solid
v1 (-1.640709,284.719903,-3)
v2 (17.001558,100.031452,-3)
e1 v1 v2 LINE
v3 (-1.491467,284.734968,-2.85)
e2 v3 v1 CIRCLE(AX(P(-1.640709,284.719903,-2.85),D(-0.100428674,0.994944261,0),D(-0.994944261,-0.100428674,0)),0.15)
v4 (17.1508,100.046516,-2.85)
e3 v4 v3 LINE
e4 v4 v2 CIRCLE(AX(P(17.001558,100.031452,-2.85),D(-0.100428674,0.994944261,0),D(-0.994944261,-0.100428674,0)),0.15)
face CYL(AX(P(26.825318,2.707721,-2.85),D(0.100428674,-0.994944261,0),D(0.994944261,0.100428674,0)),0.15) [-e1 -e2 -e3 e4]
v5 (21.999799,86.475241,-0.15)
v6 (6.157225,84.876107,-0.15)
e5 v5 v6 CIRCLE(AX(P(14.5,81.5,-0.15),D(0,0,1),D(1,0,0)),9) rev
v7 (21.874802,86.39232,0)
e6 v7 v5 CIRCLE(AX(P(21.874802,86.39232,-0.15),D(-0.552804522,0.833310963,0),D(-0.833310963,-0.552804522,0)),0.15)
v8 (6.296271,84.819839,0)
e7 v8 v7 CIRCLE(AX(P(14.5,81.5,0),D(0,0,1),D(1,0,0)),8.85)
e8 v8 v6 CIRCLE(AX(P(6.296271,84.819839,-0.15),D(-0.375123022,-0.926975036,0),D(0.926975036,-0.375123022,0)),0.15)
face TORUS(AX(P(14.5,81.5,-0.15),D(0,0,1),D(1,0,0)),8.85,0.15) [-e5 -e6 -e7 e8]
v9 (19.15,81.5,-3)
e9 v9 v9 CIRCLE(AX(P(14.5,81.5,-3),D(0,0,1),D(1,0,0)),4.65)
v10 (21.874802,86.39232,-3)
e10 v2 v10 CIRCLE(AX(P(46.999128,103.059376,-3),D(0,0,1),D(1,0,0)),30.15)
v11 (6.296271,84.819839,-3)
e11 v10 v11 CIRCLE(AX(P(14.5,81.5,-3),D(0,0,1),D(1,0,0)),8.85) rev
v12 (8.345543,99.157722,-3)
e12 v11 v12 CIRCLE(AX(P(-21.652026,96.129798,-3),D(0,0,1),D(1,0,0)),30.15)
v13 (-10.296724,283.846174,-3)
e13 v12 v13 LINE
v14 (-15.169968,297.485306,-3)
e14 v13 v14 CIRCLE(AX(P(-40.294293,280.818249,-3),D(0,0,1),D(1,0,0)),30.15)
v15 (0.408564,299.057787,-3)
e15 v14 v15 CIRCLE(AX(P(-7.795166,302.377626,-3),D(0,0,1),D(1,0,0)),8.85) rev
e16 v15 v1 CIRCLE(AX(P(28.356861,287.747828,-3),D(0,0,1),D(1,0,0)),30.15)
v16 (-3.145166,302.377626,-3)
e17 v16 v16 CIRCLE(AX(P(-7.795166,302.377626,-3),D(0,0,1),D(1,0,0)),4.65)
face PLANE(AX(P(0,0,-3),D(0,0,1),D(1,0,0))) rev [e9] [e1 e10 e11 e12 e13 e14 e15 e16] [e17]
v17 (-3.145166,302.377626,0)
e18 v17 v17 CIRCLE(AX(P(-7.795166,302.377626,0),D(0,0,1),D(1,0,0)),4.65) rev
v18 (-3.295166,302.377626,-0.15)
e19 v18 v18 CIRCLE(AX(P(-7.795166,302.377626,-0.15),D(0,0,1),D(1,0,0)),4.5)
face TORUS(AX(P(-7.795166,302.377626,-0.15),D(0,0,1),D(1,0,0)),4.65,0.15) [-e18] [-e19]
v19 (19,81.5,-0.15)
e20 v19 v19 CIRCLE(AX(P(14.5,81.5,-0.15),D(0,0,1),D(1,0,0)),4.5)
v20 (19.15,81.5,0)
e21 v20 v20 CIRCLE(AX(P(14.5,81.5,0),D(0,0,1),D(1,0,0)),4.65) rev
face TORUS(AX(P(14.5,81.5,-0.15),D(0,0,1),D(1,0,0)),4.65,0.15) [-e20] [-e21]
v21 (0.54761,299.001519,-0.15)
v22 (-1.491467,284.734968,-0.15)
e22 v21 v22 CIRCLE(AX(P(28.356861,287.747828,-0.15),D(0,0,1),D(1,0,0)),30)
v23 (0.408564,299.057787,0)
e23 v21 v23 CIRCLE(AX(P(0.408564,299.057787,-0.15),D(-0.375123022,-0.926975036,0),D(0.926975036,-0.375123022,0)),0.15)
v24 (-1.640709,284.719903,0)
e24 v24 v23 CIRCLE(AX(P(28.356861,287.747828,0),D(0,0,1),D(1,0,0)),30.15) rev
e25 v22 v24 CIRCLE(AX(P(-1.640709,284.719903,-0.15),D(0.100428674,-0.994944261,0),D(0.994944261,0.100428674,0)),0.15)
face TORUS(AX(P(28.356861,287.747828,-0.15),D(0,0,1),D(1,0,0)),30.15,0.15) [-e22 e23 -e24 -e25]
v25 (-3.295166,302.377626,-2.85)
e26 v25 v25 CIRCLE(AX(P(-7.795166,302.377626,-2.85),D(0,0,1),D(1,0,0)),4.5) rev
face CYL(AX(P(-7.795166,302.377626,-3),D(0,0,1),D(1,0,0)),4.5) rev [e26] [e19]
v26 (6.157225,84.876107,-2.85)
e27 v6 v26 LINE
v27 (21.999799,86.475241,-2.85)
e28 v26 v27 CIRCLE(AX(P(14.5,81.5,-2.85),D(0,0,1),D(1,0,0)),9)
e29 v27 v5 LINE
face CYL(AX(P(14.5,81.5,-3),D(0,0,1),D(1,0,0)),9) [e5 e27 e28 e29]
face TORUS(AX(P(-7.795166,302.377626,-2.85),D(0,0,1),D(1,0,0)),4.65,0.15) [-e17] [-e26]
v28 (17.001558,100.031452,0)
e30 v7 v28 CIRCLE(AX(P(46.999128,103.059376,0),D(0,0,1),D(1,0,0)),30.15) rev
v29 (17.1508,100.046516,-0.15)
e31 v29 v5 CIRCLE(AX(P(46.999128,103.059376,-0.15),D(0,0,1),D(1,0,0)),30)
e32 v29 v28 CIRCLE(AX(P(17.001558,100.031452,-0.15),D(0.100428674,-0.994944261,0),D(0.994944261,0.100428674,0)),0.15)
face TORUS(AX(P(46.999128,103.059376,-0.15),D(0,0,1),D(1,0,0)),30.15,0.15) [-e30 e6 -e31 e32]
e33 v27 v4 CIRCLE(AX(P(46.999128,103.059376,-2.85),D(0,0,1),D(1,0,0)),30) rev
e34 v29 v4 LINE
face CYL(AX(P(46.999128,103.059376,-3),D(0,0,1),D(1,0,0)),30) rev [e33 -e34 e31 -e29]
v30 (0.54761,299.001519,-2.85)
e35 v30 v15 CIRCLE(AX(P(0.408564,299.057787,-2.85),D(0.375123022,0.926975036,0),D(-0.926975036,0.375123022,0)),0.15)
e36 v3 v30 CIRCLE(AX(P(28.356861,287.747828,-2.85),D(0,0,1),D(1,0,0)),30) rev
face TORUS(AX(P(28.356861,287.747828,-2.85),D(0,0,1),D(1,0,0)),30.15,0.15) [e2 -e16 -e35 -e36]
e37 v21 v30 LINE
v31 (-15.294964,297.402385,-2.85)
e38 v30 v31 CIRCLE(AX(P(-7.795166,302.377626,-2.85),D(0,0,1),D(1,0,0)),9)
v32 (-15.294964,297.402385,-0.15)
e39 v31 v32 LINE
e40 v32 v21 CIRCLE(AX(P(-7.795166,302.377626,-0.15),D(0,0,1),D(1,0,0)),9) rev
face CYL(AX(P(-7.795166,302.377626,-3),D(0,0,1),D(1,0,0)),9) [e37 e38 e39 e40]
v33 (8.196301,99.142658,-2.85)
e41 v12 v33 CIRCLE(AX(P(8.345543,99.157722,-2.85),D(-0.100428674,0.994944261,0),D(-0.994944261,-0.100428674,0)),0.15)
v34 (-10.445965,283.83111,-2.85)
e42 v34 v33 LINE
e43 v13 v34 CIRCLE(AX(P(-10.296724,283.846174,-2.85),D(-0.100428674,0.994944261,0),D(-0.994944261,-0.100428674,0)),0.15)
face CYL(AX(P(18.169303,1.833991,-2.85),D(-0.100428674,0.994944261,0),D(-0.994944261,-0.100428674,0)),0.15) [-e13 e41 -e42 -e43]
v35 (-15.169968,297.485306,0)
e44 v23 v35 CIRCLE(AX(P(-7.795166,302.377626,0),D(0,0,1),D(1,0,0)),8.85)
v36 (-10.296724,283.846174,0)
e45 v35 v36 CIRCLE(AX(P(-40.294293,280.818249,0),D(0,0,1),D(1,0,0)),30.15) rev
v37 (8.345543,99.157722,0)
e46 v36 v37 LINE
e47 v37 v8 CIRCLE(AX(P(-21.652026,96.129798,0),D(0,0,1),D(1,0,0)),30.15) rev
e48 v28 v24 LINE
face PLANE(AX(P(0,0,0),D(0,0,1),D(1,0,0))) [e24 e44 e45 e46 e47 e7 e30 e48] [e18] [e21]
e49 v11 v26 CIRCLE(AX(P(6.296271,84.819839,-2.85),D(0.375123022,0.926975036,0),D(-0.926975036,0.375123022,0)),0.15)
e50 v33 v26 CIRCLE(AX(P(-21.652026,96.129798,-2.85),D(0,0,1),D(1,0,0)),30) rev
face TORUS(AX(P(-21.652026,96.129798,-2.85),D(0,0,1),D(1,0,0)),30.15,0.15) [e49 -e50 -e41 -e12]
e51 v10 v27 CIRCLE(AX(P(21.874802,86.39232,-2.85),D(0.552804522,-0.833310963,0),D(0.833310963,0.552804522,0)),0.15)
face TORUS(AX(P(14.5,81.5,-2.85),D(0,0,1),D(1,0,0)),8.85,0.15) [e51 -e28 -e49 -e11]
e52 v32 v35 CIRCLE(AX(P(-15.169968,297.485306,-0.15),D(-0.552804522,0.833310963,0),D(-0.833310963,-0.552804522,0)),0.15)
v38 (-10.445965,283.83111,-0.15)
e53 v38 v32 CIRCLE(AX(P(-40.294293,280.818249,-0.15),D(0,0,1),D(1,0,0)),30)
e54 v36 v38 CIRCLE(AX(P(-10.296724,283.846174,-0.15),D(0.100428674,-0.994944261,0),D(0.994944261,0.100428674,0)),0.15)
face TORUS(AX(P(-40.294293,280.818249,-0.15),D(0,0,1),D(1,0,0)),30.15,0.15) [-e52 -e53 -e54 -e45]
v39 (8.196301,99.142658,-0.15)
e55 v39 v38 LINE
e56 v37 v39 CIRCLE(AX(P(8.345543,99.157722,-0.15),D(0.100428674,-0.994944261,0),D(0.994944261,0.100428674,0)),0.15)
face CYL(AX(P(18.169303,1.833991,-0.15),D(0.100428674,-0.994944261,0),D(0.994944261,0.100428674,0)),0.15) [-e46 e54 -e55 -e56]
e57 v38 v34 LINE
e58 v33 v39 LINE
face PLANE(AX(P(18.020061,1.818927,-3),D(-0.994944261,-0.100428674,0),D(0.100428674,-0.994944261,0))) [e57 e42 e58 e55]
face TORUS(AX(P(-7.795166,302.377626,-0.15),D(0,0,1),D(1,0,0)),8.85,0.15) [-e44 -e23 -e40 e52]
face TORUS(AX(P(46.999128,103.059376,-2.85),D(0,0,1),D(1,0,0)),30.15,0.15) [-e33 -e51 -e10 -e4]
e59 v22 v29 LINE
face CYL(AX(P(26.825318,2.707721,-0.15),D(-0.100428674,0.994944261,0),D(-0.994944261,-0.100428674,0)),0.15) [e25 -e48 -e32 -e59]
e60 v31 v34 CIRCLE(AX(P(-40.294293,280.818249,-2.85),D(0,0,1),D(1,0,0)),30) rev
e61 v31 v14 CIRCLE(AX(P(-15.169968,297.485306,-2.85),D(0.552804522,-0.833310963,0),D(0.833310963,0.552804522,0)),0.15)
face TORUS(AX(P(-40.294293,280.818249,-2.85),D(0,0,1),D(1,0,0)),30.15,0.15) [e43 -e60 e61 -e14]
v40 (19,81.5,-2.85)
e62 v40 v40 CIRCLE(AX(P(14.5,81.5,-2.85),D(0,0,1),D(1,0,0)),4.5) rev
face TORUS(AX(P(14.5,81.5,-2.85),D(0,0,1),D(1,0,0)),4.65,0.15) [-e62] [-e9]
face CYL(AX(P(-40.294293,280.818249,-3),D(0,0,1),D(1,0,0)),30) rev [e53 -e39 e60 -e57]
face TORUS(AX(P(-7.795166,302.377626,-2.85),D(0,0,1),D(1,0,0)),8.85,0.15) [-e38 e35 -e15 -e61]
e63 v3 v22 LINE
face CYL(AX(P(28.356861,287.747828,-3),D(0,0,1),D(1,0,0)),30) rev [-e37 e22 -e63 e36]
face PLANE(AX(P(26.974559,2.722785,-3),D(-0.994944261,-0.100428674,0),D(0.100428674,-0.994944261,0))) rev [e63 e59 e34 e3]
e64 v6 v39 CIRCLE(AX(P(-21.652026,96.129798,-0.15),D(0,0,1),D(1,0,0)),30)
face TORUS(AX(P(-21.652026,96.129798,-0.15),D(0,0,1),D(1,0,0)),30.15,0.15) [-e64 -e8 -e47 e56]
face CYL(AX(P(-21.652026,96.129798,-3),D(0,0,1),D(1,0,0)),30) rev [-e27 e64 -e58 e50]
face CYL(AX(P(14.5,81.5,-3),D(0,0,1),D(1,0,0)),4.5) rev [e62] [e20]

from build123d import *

# Parameters (mm, degrees)
BOSS_EXTRUDE1_DEPTH = 3
FILLET1_R           = 30
FILLET2_R           = 0.15


with BuildPart() as part:
    # Sketch1 → Boss-Extrude1 (new body)
    with BuildSketch(Plane.XY):
        with BuildLine():
            ThreePointArc((9.239986784, 88.802894013), (15.403858063, 72.545501655), (18.194485129, 89.706752076))
            Line((18.194485129, 89.706752076), (18.977249172, 81.951929031))
            ThreePointArc((18.977249172, 81.951929031), (14.951929031, 77.022750828), (10.022750828, 81.048070969))
            Line((10.022750828, 81.048070969), (9.239986784, 88.802894013))
        make_face()
        with BuildLine():
            Line((-3.317916372, 302.829554864), (18.977249172, 81.951929031))
            ThreePointArc((18.977249172, 81.951929031), (14.048070969, 85.977249172), (10.022750828, 81.048070969))
            Line((10.022750828, 81.048070969), (-12.272414716, 301.925696801))
            ThreePointArc((-12.272414716, 301.925696801), (-7.343236513, 297.90037666), (-3.317916372, 302.829554864))
        make_face()
        with BuildLine():
            ThreePointArc((-12.272414716, 301.925696801), (-8.247094575, 306.854875005), (-3.317916372, 302.829554864))
            Line((-3.317916372, 302.829554864), (-2.535152328, 295.074731819))
            ThreePointArc((-2.535152328, 295.074731819), (-8.699023607, 311.332124177), (-11.489650673, 294.170873757))
            Line((-11.489650673, 294.170873757), (-12.272414716, 301.925696801))
        make_face()
    extrude(amount=-BOSS_EXTRUDE1_DEPTH)

    # Fillet1
    fillet1_edges = [part.edges().sort_by_distance(p)[0] for p in [
        (18.194485129, 89.706752076, -1.5),
        (9.239986784, 88.802894013, -1.5),
        (-11.489650673, 294.170873757, -1.5),
        (-2.535152328, 295.074731819, -1.5),
    ]]
    fillet(fillet1_edges, radius=FILLET1_R)

    # Fillet2
    fillet2_edges = [part.edges().sort_by_distance(p)[0] for p in [
        (-1.124831944, 191.486883885, 0),
        (-1.124831944, 191.486883885, -3),
        (15.403858063, 72.545501655, 0),
        (15.403858063, 72.545501655, -3),
        (10.022750828, 81.048070969, -3),
        (7.8296664, 192.390741948, 0),
        (7.8296664, 192.390741948, -3),
        (-8.699023607, 311.332124177, 0),
        (-8.699023607, 311.332124177, -3),
        (8.04616746, 91.885121184, 0),
        (8.04616746, 91.885121184, -3),
        (18.748264899, 92.965380142, 0),
        (18.748264899, 92.965380142, -3),
        (-7.343236513, 297.90037666, -3),
        (-12.043430442, 290.91224569, 0),
        (-12.043430442, 290.91224569, -3),
        (-1.341333004, 291.992504649, 0),
        (-1.341333004, 291.992504649, -3),
        (-7.343236513, 297.90037666, 0),
        (10.022750828, 81.048070969, 0),
    ]]
    fillet(fillet2_edges, radius=FILLET2_R)


solid = part.part
